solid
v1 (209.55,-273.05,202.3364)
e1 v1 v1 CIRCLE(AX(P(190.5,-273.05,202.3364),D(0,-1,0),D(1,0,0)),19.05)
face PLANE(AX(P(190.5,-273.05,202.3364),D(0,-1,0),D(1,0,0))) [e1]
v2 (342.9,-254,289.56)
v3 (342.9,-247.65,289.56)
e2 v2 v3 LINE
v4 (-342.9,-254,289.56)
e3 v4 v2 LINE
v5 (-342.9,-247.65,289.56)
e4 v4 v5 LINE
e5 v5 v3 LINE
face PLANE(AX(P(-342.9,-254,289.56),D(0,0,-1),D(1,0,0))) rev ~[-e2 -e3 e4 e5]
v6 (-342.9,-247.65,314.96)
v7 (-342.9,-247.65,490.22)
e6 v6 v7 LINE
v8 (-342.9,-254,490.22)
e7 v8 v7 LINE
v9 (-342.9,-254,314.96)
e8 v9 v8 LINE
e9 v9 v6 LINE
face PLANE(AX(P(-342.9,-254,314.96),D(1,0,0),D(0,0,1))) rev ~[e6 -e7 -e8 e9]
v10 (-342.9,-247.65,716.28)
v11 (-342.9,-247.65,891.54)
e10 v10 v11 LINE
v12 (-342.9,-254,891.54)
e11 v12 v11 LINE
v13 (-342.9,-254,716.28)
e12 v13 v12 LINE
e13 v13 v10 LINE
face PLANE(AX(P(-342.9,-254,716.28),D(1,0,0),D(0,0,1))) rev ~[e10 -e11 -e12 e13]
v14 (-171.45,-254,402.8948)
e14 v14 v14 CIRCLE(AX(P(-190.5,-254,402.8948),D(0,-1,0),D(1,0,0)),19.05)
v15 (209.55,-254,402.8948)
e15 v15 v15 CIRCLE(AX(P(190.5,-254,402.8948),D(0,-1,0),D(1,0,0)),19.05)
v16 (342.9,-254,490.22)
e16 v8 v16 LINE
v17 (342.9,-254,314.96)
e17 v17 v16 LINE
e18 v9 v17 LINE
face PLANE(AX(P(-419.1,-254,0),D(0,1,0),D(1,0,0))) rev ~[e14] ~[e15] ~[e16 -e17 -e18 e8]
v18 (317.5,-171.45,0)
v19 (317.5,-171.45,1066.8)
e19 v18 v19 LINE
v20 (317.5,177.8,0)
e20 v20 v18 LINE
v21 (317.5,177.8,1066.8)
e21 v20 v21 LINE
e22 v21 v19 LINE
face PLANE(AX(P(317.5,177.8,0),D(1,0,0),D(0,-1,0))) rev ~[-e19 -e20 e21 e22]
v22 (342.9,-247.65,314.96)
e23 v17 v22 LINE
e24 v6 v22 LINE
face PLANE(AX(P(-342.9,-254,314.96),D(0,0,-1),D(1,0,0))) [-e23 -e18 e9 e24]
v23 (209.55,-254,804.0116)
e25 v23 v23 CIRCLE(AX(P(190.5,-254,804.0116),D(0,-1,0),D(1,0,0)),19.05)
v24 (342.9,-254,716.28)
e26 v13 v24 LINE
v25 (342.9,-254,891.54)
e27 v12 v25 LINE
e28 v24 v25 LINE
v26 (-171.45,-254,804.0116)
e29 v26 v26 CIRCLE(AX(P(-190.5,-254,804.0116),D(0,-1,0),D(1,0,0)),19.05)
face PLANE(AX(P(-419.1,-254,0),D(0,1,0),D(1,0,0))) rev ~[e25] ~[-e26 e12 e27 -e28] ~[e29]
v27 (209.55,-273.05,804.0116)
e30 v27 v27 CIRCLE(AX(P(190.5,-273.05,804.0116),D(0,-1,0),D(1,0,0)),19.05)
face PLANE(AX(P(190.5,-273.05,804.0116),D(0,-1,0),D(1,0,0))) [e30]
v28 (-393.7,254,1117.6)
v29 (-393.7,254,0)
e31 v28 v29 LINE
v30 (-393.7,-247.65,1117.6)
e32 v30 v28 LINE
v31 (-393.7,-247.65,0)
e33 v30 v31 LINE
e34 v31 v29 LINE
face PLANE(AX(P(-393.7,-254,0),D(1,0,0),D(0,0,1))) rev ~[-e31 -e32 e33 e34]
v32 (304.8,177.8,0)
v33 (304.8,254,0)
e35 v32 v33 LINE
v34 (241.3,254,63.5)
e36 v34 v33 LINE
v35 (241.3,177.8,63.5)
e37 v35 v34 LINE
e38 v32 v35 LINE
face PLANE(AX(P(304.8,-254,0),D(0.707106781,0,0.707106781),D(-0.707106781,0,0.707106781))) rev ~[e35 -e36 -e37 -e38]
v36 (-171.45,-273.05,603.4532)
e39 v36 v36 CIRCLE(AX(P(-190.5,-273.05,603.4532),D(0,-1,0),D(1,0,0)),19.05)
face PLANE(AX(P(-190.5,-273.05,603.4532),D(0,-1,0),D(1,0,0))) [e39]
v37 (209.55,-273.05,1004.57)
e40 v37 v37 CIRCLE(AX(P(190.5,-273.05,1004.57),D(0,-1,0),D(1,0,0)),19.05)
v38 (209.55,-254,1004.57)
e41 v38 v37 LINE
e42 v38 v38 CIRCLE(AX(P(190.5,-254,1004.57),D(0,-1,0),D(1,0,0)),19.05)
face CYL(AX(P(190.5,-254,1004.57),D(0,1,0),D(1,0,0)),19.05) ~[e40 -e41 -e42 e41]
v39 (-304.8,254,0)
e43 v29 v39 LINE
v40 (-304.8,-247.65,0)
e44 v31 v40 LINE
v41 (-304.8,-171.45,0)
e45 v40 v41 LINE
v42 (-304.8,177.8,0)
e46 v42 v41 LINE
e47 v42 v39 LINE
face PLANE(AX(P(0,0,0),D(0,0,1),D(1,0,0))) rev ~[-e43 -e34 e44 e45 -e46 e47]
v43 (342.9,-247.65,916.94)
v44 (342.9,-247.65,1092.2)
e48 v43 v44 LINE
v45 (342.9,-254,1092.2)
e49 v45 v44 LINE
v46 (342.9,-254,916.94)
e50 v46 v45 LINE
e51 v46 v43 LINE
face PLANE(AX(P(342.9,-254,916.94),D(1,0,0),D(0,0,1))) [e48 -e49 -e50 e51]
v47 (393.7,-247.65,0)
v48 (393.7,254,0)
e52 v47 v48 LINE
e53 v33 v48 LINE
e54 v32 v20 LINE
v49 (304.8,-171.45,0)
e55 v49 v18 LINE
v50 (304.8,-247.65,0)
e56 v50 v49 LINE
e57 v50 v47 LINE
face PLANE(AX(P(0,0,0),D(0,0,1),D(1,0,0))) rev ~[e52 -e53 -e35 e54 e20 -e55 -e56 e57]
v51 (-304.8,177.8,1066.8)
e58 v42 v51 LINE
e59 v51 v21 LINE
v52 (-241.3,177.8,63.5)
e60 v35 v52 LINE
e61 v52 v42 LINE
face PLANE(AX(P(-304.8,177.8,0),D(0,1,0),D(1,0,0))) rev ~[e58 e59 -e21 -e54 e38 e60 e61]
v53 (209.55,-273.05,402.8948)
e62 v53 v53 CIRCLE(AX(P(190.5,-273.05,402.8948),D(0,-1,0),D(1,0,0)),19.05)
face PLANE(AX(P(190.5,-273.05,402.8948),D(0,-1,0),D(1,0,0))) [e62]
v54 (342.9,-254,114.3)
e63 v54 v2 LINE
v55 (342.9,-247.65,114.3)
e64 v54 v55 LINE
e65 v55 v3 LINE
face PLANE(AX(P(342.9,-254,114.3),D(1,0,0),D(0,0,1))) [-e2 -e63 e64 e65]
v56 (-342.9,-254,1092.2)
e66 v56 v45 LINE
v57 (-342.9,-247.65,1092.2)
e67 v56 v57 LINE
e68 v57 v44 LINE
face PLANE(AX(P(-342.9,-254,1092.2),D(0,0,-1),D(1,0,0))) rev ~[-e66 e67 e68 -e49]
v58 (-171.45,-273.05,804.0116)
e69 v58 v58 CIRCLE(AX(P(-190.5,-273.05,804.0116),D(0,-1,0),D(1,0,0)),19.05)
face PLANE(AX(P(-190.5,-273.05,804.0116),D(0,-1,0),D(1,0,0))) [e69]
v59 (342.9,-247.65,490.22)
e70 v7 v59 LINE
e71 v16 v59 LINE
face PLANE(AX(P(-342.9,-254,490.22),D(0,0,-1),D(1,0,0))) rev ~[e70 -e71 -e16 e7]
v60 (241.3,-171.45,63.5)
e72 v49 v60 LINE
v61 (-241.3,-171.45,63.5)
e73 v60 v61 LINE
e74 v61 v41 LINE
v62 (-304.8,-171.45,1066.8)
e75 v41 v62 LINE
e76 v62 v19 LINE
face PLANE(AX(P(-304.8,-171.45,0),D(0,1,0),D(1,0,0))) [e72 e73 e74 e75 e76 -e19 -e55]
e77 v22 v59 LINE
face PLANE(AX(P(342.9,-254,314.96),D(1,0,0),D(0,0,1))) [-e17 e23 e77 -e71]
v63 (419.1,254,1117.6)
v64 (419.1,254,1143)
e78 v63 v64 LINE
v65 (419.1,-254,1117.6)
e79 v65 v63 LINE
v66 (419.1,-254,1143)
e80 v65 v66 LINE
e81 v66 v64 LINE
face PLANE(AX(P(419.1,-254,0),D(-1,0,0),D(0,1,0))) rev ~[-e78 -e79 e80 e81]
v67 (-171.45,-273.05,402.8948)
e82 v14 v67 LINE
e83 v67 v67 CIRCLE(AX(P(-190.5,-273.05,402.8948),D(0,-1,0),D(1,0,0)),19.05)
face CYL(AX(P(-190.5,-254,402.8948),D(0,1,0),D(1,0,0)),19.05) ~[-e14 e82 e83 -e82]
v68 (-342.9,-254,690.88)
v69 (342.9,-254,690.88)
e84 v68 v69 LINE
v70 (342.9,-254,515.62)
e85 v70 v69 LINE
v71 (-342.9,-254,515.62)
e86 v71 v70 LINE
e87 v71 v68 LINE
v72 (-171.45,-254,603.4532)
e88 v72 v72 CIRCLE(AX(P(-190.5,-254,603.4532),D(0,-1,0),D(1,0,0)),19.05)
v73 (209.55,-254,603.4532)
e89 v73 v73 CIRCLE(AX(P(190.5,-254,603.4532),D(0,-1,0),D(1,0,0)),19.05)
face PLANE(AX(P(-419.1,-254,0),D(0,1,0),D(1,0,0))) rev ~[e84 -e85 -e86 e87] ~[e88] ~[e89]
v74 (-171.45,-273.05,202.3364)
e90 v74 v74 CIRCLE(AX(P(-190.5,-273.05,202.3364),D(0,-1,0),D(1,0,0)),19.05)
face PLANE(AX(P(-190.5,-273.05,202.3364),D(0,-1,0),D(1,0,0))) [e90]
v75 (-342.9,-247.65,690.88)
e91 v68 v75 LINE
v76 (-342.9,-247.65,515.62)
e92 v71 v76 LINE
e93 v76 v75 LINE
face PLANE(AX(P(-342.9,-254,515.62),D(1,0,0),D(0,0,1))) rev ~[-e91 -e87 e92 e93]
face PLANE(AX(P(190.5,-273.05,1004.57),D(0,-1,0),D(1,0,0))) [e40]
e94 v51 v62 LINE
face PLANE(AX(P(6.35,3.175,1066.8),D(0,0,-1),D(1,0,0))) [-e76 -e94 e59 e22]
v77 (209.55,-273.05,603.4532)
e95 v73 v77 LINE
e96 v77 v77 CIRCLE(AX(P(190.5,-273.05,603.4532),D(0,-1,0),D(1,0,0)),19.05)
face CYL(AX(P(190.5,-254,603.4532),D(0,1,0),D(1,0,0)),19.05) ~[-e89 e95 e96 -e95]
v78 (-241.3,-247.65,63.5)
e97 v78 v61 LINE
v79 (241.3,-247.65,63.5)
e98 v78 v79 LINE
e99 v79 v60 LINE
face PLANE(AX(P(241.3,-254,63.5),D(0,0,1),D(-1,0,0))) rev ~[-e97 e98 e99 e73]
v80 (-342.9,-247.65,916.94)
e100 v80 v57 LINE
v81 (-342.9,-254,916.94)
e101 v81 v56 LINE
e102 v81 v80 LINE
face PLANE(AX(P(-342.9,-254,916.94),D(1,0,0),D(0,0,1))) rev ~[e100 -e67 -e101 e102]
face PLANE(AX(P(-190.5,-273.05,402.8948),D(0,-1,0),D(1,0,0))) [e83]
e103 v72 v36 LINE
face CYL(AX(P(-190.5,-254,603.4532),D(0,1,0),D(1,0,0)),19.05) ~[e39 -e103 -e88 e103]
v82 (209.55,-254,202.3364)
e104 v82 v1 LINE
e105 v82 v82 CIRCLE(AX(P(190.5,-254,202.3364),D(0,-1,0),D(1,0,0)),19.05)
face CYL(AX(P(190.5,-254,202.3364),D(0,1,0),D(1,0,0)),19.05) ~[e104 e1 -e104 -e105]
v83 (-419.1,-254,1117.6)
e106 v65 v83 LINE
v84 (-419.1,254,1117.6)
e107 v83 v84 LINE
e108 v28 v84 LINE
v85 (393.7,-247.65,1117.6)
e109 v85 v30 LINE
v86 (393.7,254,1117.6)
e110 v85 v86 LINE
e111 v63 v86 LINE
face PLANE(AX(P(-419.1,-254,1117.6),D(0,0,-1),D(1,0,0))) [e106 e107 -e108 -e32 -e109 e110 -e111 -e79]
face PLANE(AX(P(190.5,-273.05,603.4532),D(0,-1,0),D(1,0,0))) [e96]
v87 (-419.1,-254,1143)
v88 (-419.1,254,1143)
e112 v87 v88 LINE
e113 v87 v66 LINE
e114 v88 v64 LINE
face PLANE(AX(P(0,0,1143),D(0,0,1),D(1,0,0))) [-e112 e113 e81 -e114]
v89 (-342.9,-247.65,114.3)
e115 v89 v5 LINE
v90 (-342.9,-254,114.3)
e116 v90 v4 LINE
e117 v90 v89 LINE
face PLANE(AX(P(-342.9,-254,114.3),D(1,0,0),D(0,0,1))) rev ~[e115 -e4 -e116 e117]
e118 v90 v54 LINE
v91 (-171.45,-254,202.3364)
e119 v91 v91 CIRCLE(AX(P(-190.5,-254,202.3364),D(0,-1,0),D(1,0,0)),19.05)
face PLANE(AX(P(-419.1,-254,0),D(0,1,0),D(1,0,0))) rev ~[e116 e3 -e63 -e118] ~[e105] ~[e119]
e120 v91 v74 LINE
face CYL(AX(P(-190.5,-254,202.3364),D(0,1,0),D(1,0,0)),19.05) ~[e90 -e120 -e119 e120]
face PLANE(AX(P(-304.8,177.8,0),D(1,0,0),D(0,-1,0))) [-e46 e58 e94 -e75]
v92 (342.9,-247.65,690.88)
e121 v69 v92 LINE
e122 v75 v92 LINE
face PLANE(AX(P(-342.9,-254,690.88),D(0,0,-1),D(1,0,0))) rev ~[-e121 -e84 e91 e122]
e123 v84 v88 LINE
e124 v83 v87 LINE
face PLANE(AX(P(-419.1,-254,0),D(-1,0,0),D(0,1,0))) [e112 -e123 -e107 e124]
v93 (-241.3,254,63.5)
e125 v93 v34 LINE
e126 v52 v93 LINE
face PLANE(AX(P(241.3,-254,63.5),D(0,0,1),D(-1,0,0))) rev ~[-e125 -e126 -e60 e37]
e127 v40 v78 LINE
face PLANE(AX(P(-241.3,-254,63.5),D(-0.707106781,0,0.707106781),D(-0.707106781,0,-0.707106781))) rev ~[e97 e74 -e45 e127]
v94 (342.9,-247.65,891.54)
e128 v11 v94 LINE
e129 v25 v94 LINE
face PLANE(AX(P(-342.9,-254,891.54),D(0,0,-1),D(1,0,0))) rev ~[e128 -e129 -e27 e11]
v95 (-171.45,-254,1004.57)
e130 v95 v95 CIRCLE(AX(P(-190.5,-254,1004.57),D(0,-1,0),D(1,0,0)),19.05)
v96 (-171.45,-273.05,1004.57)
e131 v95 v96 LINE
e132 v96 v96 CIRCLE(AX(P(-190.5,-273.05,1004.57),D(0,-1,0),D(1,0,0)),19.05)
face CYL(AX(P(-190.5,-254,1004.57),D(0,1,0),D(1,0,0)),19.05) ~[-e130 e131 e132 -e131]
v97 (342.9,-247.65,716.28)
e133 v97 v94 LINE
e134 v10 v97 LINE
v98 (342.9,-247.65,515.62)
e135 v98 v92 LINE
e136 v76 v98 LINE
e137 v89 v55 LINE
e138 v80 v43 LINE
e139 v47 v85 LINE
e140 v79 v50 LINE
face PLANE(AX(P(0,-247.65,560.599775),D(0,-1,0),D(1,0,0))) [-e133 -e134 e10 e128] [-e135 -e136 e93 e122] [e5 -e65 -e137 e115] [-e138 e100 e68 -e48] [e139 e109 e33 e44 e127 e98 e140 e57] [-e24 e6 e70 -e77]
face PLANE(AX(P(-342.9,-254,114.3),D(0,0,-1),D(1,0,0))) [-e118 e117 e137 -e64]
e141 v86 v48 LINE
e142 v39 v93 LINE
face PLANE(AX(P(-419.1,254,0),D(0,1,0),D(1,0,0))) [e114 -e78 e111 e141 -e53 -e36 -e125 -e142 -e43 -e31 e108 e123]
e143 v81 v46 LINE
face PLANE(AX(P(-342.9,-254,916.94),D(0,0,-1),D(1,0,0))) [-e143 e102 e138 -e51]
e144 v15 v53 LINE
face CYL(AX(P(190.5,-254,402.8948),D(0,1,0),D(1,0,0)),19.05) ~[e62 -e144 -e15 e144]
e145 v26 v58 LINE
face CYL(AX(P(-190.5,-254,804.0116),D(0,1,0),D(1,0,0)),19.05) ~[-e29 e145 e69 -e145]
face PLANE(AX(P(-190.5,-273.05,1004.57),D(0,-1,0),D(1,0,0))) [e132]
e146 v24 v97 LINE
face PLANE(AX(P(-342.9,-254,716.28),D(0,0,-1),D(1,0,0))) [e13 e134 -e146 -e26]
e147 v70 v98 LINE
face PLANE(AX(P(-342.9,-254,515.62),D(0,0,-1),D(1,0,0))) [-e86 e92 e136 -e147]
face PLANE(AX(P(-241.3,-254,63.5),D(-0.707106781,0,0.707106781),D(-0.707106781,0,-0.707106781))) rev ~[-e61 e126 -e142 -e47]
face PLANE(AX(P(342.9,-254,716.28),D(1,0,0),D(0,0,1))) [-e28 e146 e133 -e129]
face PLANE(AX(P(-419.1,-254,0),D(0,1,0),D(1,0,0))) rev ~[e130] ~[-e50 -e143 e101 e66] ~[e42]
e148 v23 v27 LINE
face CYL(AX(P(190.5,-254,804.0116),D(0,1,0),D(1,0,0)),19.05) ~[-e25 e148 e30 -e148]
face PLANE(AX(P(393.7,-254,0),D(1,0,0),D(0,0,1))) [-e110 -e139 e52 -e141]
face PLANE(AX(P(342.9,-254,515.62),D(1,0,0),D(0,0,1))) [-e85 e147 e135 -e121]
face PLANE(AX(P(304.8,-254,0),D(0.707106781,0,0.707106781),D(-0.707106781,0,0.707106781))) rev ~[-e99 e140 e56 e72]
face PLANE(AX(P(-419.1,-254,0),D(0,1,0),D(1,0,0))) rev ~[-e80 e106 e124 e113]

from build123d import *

# Parameters (mm, degrees)
F0_W     = 838.2
F0_H     = 508
F1_DEPTH = 1143
F2_W     = 25.4
F2_H     = 1117.6
F3_DEPTH = 508.001
F2_W_2   = 685.8
F2_H_2   = 175.26
F4_DEPTH = 6.35
F2_R     = 19.05
F5_DEPTH = 19.05
F6_W     = 622.3
F6_H     = 349.25
F7_DEPTH = 1066.8


with BuildPart() as f1:
    # F0 (on Top) → F1 (new body)
    with BuildSketch(Plane.XY):
        Rectangle(F0_W, F0_H)
    extrude(amount=F1_DEPTH)

    # F2 (on face) → F3 (cut, through all)
    with BuildSketch(Plane.XZ.offset(254)):
        with Locations((-406.4, 558.8)):
            Rectangle(F2_W, F2_H)
        with Locations((406.4, 558.8)):
            Rectangle(F2_W, F2_H)
        Polygon((-241.3, 63.5), (-304.8, 0), (304.8, 0), (241.3, 63.5), align=None)
    extrude(amount=-F3_DEPTH, mode=Mode.SUBTRACT)

    # F2 (on face) → F4 (cut)
    with BuildSketch(Plane.XZ.offset(254)):
        Polygon((-393.7, 1117.6), (-393.7, 0), (-304.8, 0), (-241.3, 63.5), (241.3, 63.5), (304.8, 0), (393.7, 0), (393.7, 1117.6), align=None)
        with Locations((0, 201.93)):
            Rectangle(F2_W_2, F2_H_2, mode=Mode.SUBTRACT)
        with Locations((0, 402.59)):
            Rectangle(F2_W_2, F2_H_2, mode=Mode.SUBTRACT)
        with Locations((0, 603.25)):
            Rectangle(F2_W_2, F2_H_2, mode=Mode.SUBTRACT)
        with Locations((0, 803.91)):
            Rectangle(F2_W_2, F2_H_2, mode=Mode.SUBTRACT)
        with Locations((0, 1004.57)):
            Rectangle(F2_W_2, F2_H_2, mode=Mode.SUBTRACT)
    extrude(amount=-F4_DEPTH, mode=Mode.SUBTRACT)

    # F2 (on face) → F5 (join)
    with BuildSketch(Plane.XZ.offset(254)):
        with Locations((-190.5, 1004.57)):
            Circle(F2_R)
        with Locations((190.5, 1004.57)):
            Circle(F2_R)
        with Locations((190.5, 804.0116)):
            Circle(F2_R)
        with Locations((-190.5, 804.0116)):
            Circle(F2_R)
        with Locations((-190.5, 603.4532)):
            Circle(F2_R)
        with Locations((190.5, 603.4532)):
            Circle(F2_R)
        with Locations((190.5, 402.8948)):
            Circle(F2_R)
        with Locations((-190.5, 402.8948)):
            Circle(F2_R)
        with Locations((-190.5, 202.3364)):
            Circle(F2_R)
        with Locations((190.5, 202.3364)):
            Circle(F2_R)
    extrude(amount=F5_DEPTH)

    # F6 (on face) → F7 (cut)
    with BuildSketch(Plane(origin=(0, 0, 0), x_dir=(1, 0, 0), z_dir=(0, 0, -1))):
        with Locations((6.35, -3.175)):
            Rectangle(F6_W, F6_H)
    extrude(amount=-F7_DEPTH, mode=Mode.SUBTRACT)


solid = f1.part
